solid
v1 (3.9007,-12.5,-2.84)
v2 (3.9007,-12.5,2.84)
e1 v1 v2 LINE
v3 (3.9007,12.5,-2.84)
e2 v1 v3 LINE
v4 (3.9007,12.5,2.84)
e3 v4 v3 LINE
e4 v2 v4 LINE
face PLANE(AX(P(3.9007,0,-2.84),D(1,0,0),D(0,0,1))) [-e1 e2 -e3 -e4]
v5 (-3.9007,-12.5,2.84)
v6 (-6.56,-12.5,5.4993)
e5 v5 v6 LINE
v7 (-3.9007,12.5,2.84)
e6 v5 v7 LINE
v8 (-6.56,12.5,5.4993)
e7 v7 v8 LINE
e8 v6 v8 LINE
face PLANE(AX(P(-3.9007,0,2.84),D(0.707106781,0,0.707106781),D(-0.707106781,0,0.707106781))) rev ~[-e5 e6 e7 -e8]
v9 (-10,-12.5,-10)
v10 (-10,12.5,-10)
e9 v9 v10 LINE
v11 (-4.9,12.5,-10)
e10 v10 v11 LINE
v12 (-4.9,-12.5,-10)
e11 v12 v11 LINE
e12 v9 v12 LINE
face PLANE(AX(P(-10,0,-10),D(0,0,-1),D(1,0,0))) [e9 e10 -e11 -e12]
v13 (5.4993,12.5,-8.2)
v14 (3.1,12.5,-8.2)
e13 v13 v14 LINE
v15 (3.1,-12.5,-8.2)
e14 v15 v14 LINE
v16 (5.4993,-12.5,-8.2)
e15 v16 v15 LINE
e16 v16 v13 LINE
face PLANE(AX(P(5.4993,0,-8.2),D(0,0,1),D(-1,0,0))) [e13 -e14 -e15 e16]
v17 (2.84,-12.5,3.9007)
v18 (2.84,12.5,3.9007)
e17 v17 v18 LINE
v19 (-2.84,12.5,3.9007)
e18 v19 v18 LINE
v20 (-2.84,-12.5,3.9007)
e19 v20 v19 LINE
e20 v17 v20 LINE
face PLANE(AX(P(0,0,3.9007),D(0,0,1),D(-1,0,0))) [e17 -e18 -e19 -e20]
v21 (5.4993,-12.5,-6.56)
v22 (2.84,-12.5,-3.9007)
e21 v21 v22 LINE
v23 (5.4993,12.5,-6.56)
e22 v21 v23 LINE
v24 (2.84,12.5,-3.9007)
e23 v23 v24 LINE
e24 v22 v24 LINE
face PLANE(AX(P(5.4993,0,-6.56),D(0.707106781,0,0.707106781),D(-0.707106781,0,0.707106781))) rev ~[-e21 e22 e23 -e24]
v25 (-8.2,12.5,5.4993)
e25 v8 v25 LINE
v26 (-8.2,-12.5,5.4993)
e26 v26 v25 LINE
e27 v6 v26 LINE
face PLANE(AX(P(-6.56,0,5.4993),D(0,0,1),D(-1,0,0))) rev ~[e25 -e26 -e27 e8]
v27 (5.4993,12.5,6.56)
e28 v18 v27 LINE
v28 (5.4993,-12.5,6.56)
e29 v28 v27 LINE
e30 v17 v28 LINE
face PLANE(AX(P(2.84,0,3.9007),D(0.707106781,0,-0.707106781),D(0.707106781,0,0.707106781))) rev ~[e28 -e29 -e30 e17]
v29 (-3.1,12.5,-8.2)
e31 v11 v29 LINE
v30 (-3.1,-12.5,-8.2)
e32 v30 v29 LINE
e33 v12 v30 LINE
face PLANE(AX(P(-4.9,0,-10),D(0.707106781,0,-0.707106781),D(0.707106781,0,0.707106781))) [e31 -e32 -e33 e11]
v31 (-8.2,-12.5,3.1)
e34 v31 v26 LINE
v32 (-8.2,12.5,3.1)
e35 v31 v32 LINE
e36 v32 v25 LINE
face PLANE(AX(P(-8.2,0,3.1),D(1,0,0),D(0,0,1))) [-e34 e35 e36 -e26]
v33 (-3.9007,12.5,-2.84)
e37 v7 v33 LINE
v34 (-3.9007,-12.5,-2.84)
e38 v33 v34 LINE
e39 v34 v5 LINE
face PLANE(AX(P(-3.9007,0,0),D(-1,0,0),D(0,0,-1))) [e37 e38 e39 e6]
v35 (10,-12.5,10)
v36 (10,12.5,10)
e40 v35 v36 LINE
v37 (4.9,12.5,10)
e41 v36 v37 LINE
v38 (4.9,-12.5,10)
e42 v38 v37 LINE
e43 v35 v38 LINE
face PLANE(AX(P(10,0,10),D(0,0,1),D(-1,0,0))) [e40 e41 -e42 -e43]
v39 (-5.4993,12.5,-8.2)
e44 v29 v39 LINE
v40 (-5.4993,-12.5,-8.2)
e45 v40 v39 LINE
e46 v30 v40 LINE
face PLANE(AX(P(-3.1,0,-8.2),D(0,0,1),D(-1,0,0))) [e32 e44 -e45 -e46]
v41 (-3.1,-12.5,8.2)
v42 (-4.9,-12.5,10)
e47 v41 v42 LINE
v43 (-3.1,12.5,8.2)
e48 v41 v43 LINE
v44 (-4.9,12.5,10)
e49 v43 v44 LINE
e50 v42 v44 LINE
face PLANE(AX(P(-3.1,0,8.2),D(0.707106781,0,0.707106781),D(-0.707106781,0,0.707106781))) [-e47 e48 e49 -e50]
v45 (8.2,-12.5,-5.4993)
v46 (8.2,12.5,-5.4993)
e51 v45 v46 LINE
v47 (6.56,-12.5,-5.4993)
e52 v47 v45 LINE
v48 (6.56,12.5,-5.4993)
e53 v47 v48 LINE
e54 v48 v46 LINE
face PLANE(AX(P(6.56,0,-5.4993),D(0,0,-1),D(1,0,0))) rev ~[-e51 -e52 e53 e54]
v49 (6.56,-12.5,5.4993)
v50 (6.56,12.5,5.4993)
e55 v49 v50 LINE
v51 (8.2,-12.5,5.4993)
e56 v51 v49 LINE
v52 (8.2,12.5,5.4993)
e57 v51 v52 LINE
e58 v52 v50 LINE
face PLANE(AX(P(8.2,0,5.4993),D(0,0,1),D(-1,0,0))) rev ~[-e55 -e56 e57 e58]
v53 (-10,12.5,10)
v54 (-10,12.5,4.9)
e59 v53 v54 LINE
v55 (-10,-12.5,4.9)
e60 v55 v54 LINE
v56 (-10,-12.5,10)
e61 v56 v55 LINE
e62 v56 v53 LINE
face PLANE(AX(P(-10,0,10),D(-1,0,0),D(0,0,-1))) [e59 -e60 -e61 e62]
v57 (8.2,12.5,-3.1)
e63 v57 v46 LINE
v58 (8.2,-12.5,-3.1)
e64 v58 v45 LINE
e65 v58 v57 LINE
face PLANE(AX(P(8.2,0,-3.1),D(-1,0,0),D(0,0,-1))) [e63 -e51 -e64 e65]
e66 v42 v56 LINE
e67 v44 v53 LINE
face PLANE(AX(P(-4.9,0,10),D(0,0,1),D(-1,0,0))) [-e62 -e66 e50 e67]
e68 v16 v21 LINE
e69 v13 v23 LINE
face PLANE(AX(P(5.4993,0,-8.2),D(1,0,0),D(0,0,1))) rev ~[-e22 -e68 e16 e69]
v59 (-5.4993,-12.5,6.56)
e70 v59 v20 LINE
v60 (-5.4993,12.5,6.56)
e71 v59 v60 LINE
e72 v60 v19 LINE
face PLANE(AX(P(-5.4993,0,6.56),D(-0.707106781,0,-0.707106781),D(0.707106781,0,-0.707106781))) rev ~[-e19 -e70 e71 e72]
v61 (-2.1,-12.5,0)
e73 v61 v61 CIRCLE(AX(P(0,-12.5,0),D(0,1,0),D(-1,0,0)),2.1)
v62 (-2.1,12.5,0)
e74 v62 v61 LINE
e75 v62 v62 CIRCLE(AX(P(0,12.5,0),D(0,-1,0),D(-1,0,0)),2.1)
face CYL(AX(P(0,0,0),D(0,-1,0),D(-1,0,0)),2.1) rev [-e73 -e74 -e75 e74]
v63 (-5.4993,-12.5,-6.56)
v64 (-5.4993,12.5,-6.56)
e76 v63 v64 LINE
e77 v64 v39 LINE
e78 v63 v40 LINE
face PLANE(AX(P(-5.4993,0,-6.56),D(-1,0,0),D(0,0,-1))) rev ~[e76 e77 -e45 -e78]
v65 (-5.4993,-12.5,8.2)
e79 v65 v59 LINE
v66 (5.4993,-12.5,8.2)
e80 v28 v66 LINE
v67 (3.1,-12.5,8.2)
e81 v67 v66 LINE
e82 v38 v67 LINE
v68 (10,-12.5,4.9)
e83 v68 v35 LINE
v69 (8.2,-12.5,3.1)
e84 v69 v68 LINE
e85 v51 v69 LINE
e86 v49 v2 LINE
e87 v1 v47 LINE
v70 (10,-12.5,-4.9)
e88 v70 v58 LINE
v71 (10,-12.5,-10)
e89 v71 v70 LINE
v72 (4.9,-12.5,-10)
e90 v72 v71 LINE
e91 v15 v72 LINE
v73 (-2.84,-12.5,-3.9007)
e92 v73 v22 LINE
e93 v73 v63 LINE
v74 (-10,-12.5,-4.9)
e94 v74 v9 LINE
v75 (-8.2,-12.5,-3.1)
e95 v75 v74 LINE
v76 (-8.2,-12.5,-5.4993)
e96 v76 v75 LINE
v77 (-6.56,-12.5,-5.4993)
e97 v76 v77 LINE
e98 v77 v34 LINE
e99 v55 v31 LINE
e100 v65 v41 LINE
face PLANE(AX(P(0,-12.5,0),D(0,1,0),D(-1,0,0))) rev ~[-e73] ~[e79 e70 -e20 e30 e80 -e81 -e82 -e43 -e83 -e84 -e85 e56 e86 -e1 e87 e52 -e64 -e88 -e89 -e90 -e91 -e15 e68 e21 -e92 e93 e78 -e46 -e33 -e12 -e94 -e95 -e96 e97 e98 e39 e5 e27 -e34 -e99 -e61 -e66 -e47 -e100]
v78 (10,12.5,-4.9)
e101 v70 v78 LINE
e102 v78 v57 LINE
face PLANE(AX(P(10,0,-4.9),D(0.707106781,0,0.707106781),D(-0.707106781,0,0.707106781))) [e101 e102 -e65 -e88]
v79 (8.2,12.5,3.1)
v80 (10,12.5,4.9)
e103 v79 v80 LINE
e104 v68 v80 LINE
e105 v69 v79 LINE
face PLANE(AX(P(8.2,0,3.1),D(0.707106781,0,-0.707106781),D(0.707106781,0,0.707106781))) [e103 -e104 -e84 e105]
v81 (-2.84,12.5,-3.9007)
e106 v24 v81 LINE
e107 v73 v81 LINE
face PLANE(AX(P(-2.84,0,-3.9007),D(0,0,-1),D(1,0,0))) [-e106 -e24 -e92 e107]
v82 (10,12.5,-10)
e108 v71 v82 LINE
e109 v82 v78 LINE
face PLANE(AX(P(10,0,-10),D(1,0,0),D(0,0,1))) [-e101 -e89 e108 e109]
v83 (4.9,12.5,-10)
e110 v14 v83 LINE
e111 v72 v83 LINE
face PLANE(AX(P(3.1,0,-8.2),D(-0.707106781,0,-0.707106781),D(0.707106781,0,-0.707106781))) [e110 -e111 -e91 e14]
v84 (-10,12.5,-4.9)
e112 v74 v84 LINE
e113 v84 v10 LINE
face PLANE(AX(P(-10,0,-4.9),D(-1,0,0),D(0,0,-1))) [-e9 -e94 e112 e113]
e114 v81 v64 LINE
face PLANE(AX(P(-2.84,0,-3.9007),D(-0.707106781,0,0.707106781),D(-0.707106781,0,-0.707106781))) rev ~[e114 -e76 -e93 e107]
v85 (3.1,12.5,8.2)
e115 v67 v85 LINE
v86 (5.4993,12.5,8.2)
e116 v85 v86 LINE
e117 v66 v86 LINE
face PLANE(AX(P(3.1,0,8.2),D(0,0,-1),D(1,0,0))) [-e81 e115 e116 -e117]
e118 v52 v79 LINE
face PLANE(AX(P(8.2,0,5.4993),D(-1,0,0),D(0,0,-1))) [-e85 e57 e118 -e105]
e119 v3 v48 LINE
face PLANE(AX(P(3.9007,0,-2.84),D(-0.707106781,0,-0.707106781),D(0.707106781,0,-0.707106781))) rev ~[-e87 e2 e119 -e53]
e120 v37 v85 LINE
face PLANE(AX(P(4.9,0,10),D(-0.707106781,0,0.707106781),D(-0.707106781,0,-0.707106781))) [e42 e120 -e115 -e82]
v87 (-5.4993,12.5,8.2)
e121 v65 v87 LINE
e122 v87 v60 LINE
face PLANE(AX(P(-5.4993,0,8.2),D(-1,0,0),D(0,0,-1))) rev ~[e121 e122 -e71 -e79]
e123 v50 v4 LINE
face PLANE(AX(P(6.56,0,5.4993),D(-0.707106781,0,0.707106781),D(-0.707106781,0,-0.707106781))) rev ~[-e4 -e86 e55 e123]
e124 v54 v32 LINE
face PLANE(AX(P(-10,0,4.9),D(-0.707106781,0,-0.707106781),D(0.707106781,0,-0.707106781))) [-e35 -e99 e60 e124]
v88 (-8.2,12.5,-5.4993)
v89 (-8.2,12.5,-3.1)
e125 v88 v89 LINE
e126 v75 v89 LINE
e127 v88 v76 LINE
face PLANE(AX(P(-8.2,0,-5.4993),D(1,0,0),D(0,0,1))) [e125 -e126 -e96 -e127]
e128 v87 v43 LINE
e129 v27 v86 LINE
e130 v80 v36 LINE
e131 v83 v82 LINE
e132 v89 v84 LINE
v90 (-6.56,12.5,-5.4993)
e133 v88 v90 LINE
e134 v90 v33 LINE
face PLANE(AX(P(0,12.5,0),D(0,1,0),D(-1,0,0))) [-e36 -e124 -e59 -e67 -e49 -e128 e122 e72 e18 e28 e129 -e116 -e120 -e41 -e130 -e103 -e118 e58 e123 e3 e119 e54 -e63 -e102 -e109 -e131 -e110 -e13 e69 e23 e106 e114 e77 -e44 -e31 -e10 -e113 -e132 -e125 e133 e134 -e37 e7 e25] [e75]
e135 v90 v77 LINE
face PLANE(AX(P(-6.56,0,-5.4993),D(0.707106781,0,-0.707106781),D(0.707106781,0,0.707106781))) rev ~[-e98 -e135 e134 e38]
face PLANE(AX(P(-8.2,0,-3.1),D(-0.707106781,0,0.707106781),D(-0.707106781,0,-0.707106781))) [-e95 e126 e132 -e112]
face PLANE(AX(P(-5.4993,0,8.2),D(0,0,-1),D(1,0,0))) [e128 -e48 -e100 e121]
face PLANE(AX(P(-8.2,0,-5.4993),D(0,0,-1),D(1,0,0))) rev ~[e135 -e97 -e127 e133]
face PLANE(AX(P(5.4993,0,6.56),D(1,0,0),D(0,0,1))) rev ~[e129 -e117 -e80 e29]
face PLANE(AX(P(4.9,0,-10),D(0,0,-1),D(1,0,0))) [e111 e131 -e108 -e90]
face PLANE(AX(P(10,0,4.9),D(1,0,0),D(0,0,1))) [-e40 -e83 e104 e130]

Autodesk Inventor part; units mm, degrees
ref_plane "YZ Plane" through (0, 0, 0) normal (1, 0, 0) x (0, 1, 0)
ref_plane "XZ Plane" through (0, 0, 0) normal (0, 1, 0) x (-1, 0, 0)
ref_plane "XY Plane" through (0, 0, 0) normal (0, 0, 1) x (1, 0, 0)
sketch "Sketch1" plane through (0, 0, 0) normal (0, 1, 0) x (-1, 0, 0)
  circle A0 centre (0, 0) radius 2.1
  line L0 (0, -3.9007) -> (-2.84, -3.9007)
  line L1 (-5.4993, -8.2) -> (-3.1, -8.2)
  line L2 (-3.1, -8.2) -> (-4.9, -10)
  line L3 (-4.9, -10) -> (-10, -10)
  line L4 (-10, -10) -> (-10, -4.9)
  line L5 (-10, -4.9) -> (-8.2, -3.1)
  line L6 (-8.2, -3.1) -> (-8.2, -5.4993)
  line L7 (-3.9007, -2.84) -> (-3.9007, 0)
  line L8 (-3.9007, 0) -> (-2.1, 0)
  line L9 (0, -3.9007) -> (0, -2.1) construction
  line L10 (-5.4993, -8.2) -> (-5.4993, -6.56)
  line L11 (-5.4993, -6.56) -> (-2.84, -3.9007)
  line L12 (-3.9007, -2.84) -> (-6.56, -5.4993)
  line L13 (-6.56, -5.4993) -> (-8.2, -5.4993)
  line L14 (6.56, -5.4993) -> (3.9007, -2.84)
  line L15 (3.1, -8.2) -> (5.4993, -8.2)
  line L16 (5.4993, -6.56) -> (5.4993, -8.2)
  line L17 (8.2, -5.4993) -> (8.2, -3.1)
  line L18 (8.2, -5.4993) -> (6.56, -5.4993)
  line L19 (8.2, -3.1) -> (10, -4.9)
  line L20 (4.9, -10) -> (3.1, -8.2)
  line L21 (10, -4.9) -> (10, -10)
  line L22 (10, -10) -> (4.9, -10)
  line L23 (2.84, -3.9007) -> (0, -3.9007)
  line L24 (0, -3.9007) -> (0, -2.1) construction
  line L25 (3.9007, 0) -> (2.1, 0)
  line L26 (3.9007, 0) -> (3.9007, -2.84)
  line L27 (2.84, -3.9007) -> (5.4993, -6.56)
  line L28 (5.4993, 6.56) -> (2.84, 3.9007)
  line L29 (8.2, 3.1) -> (8.2, 5.4993)
  line L30 (6.56, 5.4993) -> (8.2, 5.4993)
  line L31 (5.4993, 8.2) -> (3.1, 8.2)
  line L32 (5.4993, 8.2) -> (5.4993, 6.56)
  line L33 (3.1, 8.2) -> (4.9, 10)
  line L34 (10, 4.9) -> (8.2, 3.1)
  line L35 (4.9, 10) -> (10, 10)
  line L36 (10, 10) -> (10, 4.9)
  line L37 (3.9007, 2.84) -> (3.9007, 0)
  line L38 (3.9007, 0) -> (2.1, 0) construction
  line L39 (0, 3.9007) -> (0, 2.1)
  line L40 (0, 3.9007) -> (2.84, 3.9007)
  line L41 (3.9007, 2.84) -> (6.56, 5.4993)
  line L42 (-6.56, 5.4993) -> (-3.9007, 2.84)
  line L43 (-3.1, 8.2) -> (-5.4993, 8.2)
  line L44 (-5.4993, 6.56) -> (-5.4993, 8.2)
  line L45 (-8.2, 5.4993) -> (-8.2, 3.1)
  line L46 (-8.2, 5.4993) -> (-6.56, 5.4993)
  line L47 (-8.2, 3.1) -> (-10, 4.9)
  line L48 (-4.9, 10) -> (-3.1, 8.2)
  line L49 (-10, 4.9) -> (-10, 10)
  line L50 (-10, 10) -> (-4.9, 10)
  line L51 (-2.84, 3.9007) -> (0, 3.9007)
  line L52 (0, 3.9007) -> (0, 2.1) construction
  line L53 (-3.9007, 0) -> (-2.1, 0) construction
  line L54 (-3.9007, 0) -> (-3.9007, 2.84)
  line L55 (-2.84, 3.9007) -> (-5.4993, 6.56)
  point P0 (0, -3.0003)
  point P1 (-3.0003, 0)
  point P2 (0, -3.0003)
  point P3 (3.0003, 0)
  point P4 (3.0003, 0)
  point P5 (0, 3.0003)
  point P6 (0, 3.0003)
  point P7 (-3.0003, 0)
  dimension "d0" = 4.2
  dimension "d2" = 45
  dimension "d3" = 3.1
  dimension "d4" = 2.84
  dimension "d7" = 10
  dimension "d8" = 10
  dimension "d9" = 1.5
  dimension "d10" = 1.8
  dimension "d11" = 1.64
  dimension "d14" = 360
extrude "Extrusion1" add sketch "Sketch1" along normal mid plane 25 contours L25 L26 L14 L18 L17 L19 L21 L22 L20 L15 L16 L27 L23 L0 L11 L10 L1 L2 L3 L4 L5 L6 L13 L12 L7 L8 A0 | A0 L39 L40 L28 L32 L31 L33 L35 L36 L34 L29 L30 L41 L37 L25 | A0 L8 L54 L42 L46 L45 L47 L49 L50 L48 L43 L44 L55 L51 L39
properties part number "vslot_25mm" material "Aluminum 6061-AHC"
